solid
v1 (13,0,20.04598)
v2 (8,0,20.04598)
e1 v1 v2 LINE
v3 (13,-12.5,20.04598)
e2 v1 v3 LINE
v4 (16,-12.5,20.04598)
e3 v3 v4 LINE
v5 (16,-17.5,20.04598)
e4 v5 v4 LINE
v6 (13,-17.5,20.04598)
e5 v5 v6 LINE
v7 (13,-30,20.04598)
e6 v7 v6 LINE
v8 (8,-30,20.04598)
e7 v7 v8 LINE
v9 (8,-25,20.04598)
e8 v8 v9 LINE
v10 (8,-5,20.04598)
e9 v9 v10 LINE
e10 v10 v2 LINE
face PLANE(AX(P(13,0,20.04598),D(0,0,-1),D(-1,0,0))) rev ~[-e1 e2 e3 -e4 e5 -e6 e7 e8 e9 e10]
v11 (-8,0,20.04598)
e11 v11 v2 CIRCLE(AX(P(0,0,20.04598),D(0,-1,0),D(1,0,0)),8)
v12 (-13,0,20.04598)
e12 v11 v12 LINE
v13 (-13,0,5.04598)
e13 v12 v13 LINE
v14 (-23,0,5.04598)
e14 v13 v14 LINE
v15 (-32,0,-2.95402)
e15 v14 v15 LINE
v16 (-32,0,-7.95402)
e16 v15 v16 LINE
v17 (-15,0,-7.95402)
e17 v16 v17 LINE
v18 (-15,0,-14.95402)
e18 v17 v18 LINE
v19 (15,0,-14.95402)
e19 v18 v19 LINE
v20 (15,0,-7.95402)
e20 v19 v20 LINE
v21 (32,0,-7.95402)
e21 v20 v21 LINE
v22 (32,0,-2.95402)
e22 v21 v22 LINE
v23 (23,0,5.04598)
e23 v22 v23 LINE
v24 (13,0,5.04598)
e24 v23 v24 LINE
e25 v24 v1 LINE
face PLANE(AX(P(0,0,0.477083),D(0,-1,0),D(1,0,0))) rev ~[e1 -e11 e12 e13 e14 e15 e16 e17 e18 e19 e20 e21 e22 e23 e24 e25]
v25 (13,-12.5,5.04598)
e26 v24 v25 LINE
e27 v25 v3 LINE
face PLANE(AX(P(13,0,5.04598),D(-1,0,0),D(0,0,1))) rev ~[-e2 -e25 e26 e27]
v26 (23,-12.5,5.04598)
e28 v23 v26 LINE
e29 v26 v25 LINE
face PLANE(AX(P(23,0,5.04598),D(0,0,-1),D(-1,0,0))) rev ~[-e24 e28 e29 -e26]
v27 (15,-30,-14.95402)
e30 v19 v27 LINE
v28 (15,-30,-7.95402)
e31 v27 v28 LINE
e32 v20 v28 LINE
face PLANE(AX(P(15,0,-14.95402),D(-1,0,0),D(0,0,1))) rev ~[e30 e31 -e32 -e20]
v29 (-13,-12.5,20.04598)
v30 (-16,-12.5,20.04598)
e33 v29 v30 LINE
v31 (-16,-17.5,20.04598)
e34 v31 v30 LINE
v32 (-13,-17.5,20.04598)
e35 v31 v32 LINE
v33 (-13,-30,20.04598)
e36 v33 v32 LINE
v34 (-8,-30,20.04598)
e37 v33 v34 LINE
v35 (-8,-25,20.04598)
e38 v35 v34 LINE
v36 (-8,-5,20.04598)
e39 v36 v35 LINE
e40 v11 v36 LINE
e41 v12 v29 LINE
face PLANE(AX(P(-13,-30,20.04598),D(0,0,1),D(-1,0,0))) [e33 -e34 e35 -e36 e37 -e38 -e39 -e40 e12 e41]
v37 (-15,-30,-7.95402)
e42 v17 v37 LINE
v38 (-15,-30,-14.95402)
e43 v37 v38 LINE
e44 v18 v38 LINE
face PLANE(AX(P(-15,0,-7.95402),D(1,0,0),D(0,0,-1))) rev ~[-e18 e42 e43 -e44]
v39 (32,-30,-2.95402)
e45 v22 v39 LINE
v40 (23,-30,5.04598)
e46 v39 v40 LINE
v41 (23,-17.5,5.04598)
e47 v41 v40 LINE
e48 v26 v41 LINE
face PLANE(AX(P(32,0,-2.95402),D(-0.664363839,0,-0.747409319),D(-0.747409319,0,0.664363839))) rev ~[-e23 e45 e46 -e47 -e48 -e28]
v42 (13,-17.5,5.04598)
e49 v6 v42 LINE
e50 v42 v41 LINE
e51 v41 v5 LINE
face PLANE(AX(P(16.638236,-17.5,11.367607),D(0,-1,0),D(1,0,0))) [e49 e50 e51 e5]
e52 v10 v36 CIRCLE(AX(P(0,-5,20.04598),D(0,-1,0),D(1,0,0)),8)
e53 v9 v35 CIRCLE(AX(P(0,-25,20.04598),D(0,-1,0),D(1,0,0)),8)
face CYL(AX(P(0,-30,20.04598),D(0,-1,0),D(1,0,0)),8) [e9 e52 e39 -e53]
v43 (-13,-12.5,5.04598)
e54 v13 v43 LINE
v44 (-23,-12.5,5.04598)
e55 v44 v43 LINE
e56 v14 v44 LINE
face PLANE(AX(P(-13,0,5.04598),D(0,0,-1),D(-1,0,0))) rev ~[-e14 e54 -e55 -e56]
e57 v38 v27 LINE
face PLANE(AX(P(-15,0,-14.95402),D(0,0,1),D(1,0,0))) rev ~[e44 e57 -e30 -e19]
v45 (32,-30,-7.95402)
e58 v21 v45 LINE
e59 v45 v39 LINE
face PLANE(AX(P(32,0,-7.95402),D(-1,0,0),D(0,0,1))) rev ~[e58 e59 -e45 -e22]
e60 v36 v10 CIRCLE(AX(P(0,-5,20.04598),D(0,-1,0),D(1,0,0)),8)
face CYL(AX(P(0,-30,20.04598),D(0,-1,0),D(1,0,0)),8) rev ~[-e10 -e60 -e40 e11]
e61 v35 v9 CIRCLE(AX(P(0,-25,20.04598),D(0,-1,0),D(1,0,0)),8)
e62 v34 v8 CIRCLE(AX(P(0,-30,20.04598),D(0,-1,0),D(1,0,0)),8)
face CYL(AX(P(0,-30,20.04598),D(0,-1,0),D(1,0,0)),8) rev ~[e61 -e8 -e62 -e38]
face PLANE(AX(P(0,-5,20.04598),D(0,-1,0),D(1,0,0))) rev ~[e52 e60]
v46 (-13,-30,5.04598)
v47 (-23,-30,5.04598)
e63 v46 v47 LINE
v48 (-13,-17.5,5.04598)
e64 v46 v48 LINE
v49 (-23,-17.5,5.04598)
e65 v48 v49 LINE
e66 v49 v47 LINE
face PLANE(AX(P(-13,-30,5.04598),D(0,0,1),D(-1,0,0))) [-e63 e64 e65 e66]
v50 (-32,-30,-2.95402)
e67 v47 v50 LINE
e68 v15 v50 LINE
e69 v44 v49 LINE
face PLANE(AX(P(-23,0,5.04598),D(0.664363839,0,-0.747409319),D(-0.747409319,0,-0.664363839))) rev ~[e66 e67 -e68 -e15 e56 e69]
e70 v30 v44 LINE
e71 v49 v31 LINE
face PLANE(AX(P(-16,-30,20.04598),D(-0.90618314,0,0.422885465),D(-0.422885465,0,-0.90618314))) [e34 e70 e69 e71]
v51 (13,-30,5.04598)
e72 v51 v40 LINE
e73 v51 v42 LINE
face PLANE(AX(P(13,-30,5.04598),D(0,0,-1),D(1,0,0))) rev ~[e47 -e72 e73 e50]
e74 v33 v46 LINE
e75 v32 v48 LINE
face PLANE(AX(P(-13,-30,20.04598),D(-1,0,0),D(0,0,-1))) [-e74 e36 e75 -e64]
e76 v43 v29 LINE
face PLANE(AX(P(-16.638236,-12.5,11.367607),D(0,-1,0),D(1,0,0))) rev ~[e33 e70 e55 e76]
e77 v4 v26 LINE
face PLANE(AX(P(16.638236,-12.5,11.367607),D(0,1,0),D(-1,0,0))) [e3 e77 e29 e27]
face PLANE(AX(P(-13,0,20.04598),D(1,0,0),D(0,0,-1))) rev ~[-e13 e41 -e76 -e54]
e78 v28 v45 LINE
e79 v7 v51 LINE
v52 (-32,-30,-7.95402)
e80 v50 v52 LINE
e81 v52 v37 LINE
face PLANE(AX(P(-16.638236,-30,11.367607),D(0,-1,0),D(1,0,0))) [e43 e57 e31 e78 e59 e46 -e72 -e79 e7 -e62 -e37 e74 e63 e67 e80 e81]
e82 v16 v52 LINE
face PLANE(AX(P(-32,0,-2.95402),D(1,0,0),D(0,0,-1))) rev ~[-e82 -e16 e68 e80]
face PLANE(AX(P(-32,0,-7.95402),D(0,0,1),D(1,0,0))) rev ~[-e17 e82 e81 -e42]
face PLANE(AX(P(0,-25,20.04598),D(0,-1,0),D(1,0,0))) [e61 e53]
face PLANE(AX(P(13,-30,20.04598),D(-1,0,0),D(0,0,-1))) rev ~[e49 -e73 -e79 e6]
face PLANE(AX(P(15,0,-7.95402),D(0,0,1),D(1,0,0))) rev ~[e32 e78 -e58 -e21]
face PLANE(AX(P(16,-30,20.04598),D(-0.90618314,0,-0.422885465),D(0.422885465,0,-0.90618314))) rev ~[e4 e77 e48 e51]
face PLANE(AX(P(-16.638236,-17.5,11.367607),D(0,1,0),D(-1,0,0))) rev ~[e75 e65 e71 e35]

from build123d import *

# Parameters (mm, degrees)
PAD_DEPTH       = 30
SKETCH002_R     = 8
POCKET_DEPTH    = 30
SKETCH003_R     = 8
PAD001_DEPTH    = 25
SKETCH004_R     = 8
POCKET001_DEPTH = 5
PAD002_DEPTH    = 17.5
POCKET002_DEPTH = 12.5


with BuildPart() as part:
    # Sketch → Pad (new body)
    with BuildSketch(Plane.XZ):
        Polygon((-15, -14.95402), (15, -14.95402), (15, -7.95402), (32, -7.95402), (32, -2.95402), (23, 5.04598), (13, 5.04598), (13, 20.04598), (-13, 20.04598), (-13, 5.04598), (-23, 5.04598), (-32, -2.95402), (-32, -7.95402), (-15, -7.95402), align=None)
    extrude(amount=PAD_DEPTH)

    # Sketch002 (on Face16 of Pad) → Pocket (cut)
    with BuildSketch(Plane.XZ.offset(30)):
        with Locations((0, 20.04598)):
            Circle(SKETCH002_R)
    extrude(amount=-POCKET_DEPTH, mode=Mode.SUBTRACT)

    # Sketch003 (on Face5 of Pocket) → Pad001 (join)
    with BuildSketch(Plane.XZ.offset(30)):
        with Locations((0, 20.04598)):
            Circle(SKETCH003_R)
    extrude(amount=-PAD001_DEPTH)

    # Sketch004 (on Face20 of Pad001) → Pocket001 (cut)
    with BuildSketch(Plane.XZ.offset(30)):
        with Locations((0, 20.04598)):
            Circle(SKETCH004_R)
    extrude(amount=-POCKET001_DEPTH, mode=Mode.SUBTRACT)

    # Sketch005 (on Face5 of Pocket001) → Pad002 (join)
    with BuildSketch(Plane.XZ.offset(30)):
        Polygon((-23, 5.04598), (-13, 5.04598), (-13, 20.04598), (-16, 20.04598), align=None)
        Polygon((23, 5.04598), (13, 5.04598), (13, 20.04598), (16, 20.04598), align=None)
    extrude(amount=-PAD002_DEPTH)

    # Sketch006 (on Face24 of Pad002) → Pocket002 (cut)
    with BuildSketch(Plane.XZ.offset(30)):
        Polygon((-23, 5.04598), (-16, 20.04598), (-13, 20.04598), (-13, 5.04598), align=None)
        Polygon((23, 5.04598), (16, 20.04598), (13, 20.04598), (13, 5.04598), align=None)
    extrude(amount=-POCKET002_DEPTH, mode=Mode.SUBTRACT)


solid = part.part
